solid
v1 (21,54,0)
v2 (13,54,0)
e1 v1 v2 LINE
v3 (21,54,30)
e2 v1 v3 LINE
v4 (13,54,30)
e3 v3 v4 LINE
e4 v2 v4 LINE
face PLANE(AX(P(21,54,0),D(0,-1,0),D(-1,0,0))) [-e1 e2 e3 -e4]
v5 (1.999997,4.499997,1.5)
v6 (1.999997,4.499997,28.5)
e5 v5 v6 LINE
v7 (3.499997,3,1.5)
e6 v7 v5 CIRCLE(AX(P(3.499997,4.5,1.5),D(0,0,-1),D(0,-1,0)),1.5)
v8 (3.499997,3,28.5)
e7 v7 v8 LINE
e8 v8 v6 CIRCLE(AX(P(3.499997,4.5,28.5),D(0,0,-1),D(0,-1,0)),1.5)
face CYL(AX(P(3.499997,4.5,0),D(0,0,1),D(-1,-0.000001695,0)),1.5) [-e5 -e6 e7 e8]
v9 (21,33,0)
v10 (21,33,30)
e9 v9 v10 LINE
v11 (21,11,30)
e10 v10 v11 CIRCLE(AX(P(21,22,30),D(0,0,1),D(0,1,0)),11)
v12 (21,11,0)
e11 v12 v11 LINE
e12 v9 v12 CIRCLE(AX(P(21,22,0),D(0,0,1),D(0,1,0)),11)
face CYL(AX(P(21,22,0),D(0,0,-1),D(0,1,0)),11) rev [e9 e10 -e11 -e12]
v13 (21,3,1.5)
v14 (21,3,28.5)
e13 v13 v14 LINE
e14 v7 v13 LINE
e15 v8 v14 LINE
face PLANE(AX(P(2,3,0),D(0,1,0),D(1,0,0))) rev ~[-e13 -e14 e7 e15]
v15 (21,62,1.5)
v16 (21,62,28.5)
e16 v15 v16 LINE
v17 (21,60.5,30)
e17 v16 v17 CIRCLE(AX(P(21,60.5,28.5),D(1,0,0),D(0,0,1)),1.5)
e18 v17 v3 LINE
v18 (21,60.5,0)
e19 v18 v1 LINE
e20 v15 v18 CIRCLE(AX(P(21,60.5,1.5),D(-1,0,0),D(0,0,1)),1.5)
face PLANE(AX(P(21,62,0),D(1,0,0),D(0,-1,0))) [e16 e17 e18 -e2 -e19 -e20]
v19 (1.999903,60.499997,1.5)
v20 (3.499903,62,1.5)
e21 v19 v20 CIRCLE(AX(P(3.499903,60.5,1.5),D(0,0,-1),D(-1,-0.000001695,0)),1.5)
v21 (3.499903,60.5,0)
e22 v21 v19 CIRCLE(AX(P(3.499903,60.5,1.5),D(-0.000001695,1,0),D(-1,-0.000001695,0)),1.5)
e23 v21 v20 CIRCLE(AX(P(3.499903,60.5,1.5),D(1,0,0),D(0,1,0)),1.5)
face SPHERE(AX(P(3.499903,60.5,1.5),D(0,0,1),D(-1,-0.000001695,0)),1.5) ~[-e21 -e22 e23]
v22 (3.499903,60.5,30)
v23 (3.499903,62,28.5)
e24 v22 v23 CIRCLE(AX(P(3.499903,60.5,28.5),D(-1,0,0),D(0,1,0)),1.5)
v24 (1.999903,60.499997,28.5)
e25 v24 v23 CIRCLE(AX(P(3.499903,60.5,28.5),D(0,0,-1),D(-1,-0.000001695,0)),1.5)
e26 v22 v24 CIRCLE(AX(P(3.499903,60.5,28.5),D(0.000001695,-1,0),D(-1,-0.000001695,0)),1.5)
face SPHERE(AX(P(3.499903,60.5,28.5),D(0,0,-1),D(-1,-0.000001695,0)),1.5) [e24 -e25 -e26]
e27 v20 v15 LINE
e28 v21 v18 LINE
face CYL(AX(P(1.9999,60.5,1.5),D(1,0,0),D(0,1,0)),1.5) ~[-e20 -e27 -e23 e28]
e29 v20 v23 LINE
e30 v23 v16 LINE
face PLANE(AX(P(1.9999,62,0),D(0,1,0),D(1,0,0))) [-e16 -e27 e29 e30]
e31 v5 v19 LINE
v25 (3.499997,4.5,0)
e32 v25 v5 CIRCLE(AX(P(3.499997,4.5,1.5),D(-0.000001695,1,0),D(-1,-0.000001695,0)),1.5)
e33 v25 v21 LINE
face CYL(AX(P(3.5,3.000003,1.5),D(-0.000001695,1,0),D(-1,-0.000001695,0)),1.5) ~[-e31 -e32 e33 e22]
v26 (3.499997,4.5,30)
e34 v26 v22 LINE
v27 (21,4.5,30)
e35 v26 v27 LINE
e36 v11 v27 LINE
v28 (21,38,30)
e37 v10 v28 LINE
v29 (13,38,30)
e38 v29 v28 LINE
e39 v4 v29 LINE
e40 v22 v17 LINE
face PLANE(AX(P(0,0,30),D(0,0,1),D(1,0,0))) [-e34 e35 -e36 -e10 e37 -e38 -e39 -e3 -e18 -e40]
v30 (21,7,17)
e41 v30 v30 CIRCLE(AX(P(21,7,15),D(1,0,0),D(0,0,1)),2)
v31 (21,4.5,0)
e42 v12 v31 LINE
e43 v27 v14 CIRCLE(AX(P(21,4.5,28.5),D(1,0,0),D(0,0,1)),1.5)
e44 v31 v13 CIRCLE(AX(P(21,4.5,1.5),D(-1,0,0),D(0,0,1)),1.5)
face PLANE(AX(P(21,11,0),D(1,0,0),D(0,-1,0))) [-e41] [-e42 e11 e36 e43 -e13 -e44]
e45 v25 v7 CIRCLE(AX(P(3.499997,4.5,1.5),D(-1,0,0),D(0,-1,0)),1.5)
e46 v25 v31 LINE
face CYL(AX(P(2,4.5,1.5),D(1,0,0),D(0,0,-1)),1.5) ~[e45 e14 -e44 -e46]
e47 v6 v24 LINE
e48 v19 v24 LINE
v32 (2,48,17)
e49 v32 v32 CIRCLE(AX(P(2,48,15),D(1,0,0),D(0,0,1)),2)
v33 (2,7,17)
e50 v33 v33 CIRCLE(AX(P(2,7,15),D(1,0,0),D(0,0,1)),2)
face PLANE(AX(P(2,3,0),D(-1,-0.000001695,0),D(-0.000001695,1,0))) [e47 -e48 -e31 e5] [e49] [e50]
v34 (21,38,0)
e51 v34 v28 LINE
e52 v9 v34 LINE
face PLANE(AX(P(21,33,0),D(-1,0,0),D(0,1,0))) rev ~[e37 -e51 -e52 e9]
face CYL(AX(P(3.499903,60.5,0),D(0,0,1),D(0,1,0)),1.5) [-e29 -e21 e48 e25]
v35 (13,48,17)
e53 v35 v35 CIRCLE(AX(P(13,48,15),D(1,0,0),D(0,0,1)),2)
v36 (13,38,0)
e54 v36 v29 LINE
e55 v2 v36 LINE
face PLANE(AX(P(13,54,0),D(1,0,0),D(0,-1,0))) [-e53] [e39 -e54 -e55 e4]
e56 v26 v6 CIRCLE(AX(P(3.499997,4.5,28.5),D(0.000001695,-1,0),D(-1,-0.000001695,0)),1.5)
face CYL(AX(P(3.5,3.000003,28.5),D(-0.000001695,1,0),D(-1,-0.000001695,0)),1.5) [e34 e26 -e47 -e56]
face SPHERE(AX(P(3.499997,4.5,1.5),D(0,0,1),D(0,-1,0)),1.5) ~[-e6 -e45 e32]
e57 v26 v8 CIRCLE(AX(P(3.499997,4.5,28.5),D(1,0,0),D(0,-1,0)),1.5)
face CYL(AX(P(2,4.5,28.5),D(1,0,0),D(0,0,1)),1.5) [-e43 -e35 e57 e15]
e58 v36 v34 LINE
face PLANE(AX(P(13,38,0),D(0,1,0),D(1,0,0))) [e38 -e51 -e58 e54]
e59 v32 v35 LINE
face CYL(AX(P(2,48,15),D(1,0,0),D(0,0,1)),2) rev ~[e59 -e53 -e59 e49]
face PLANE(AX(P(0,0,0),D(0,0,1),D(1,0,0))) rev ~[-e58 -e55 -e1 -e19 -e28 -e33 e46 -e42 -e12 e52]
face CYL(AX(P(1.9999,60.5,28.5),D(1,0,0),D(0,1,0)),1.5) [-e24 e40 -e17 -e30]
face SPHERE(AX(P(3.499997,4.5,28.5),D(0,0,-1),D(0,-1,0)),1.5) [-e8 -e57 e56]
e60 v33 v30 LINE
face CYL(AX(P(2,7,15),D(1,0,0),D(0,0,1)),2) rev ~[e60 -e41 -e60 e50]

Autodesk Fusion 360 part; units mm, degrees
sketch "Esboço1" plane through (0, 0, 0) normal (0, 0, 1) x (1, 0, 0)
  line L0 (1.9999, 62) -> (21, 62)
  line L1 (21, 62) -> (21, 54)
  line L2 (21, 54) -> (13, 54)
  line L3 (13, 54) -> (13, 38)
  line L4 (13, 38) -> (21, 38)
  arc A0 (21, 33) -> (21, 11) centre (21, 22) ccw
  line L5 (21, 11) -> (21, 3)
  line L6 (2, 3) -> (2, 62)
  line L7 (2, 3) -> (21, 3)
  line L8 (21, 33) -> (21, 38)
  line L9 (1.9999, 62) -> (2, 62)
  dimension "d1" = 11
  dimension "d2" = 16
  dimension "d3" = 8
  dimension "d5" = 8
  dimension "d8" = 8
  dimension "d10" = 8
  dimension "d35" = 5
  dimension "d36" = 19
extrude "Extrusão1" add sketch "Esboço1" along normal blind 30
hole "Furo2" at (2, 7, 15) direction (1, 0, 0) diameter 4 depth 21 tip angle 180
hole "Furo3" at (2, 48, 15) direction (1, 0, 0) diameter 4 depth 21 tip angle 180
fillet "Arredondamento4" radius 1.5 8 edges at (11.5, 62, 30) (2, 62, 15) (2, 32.5, 30) (2, 32.5, 0) (2, 3, 15) (11.5, 3, 0) (11.5, 3, 30) (11.5, 62, 0)
